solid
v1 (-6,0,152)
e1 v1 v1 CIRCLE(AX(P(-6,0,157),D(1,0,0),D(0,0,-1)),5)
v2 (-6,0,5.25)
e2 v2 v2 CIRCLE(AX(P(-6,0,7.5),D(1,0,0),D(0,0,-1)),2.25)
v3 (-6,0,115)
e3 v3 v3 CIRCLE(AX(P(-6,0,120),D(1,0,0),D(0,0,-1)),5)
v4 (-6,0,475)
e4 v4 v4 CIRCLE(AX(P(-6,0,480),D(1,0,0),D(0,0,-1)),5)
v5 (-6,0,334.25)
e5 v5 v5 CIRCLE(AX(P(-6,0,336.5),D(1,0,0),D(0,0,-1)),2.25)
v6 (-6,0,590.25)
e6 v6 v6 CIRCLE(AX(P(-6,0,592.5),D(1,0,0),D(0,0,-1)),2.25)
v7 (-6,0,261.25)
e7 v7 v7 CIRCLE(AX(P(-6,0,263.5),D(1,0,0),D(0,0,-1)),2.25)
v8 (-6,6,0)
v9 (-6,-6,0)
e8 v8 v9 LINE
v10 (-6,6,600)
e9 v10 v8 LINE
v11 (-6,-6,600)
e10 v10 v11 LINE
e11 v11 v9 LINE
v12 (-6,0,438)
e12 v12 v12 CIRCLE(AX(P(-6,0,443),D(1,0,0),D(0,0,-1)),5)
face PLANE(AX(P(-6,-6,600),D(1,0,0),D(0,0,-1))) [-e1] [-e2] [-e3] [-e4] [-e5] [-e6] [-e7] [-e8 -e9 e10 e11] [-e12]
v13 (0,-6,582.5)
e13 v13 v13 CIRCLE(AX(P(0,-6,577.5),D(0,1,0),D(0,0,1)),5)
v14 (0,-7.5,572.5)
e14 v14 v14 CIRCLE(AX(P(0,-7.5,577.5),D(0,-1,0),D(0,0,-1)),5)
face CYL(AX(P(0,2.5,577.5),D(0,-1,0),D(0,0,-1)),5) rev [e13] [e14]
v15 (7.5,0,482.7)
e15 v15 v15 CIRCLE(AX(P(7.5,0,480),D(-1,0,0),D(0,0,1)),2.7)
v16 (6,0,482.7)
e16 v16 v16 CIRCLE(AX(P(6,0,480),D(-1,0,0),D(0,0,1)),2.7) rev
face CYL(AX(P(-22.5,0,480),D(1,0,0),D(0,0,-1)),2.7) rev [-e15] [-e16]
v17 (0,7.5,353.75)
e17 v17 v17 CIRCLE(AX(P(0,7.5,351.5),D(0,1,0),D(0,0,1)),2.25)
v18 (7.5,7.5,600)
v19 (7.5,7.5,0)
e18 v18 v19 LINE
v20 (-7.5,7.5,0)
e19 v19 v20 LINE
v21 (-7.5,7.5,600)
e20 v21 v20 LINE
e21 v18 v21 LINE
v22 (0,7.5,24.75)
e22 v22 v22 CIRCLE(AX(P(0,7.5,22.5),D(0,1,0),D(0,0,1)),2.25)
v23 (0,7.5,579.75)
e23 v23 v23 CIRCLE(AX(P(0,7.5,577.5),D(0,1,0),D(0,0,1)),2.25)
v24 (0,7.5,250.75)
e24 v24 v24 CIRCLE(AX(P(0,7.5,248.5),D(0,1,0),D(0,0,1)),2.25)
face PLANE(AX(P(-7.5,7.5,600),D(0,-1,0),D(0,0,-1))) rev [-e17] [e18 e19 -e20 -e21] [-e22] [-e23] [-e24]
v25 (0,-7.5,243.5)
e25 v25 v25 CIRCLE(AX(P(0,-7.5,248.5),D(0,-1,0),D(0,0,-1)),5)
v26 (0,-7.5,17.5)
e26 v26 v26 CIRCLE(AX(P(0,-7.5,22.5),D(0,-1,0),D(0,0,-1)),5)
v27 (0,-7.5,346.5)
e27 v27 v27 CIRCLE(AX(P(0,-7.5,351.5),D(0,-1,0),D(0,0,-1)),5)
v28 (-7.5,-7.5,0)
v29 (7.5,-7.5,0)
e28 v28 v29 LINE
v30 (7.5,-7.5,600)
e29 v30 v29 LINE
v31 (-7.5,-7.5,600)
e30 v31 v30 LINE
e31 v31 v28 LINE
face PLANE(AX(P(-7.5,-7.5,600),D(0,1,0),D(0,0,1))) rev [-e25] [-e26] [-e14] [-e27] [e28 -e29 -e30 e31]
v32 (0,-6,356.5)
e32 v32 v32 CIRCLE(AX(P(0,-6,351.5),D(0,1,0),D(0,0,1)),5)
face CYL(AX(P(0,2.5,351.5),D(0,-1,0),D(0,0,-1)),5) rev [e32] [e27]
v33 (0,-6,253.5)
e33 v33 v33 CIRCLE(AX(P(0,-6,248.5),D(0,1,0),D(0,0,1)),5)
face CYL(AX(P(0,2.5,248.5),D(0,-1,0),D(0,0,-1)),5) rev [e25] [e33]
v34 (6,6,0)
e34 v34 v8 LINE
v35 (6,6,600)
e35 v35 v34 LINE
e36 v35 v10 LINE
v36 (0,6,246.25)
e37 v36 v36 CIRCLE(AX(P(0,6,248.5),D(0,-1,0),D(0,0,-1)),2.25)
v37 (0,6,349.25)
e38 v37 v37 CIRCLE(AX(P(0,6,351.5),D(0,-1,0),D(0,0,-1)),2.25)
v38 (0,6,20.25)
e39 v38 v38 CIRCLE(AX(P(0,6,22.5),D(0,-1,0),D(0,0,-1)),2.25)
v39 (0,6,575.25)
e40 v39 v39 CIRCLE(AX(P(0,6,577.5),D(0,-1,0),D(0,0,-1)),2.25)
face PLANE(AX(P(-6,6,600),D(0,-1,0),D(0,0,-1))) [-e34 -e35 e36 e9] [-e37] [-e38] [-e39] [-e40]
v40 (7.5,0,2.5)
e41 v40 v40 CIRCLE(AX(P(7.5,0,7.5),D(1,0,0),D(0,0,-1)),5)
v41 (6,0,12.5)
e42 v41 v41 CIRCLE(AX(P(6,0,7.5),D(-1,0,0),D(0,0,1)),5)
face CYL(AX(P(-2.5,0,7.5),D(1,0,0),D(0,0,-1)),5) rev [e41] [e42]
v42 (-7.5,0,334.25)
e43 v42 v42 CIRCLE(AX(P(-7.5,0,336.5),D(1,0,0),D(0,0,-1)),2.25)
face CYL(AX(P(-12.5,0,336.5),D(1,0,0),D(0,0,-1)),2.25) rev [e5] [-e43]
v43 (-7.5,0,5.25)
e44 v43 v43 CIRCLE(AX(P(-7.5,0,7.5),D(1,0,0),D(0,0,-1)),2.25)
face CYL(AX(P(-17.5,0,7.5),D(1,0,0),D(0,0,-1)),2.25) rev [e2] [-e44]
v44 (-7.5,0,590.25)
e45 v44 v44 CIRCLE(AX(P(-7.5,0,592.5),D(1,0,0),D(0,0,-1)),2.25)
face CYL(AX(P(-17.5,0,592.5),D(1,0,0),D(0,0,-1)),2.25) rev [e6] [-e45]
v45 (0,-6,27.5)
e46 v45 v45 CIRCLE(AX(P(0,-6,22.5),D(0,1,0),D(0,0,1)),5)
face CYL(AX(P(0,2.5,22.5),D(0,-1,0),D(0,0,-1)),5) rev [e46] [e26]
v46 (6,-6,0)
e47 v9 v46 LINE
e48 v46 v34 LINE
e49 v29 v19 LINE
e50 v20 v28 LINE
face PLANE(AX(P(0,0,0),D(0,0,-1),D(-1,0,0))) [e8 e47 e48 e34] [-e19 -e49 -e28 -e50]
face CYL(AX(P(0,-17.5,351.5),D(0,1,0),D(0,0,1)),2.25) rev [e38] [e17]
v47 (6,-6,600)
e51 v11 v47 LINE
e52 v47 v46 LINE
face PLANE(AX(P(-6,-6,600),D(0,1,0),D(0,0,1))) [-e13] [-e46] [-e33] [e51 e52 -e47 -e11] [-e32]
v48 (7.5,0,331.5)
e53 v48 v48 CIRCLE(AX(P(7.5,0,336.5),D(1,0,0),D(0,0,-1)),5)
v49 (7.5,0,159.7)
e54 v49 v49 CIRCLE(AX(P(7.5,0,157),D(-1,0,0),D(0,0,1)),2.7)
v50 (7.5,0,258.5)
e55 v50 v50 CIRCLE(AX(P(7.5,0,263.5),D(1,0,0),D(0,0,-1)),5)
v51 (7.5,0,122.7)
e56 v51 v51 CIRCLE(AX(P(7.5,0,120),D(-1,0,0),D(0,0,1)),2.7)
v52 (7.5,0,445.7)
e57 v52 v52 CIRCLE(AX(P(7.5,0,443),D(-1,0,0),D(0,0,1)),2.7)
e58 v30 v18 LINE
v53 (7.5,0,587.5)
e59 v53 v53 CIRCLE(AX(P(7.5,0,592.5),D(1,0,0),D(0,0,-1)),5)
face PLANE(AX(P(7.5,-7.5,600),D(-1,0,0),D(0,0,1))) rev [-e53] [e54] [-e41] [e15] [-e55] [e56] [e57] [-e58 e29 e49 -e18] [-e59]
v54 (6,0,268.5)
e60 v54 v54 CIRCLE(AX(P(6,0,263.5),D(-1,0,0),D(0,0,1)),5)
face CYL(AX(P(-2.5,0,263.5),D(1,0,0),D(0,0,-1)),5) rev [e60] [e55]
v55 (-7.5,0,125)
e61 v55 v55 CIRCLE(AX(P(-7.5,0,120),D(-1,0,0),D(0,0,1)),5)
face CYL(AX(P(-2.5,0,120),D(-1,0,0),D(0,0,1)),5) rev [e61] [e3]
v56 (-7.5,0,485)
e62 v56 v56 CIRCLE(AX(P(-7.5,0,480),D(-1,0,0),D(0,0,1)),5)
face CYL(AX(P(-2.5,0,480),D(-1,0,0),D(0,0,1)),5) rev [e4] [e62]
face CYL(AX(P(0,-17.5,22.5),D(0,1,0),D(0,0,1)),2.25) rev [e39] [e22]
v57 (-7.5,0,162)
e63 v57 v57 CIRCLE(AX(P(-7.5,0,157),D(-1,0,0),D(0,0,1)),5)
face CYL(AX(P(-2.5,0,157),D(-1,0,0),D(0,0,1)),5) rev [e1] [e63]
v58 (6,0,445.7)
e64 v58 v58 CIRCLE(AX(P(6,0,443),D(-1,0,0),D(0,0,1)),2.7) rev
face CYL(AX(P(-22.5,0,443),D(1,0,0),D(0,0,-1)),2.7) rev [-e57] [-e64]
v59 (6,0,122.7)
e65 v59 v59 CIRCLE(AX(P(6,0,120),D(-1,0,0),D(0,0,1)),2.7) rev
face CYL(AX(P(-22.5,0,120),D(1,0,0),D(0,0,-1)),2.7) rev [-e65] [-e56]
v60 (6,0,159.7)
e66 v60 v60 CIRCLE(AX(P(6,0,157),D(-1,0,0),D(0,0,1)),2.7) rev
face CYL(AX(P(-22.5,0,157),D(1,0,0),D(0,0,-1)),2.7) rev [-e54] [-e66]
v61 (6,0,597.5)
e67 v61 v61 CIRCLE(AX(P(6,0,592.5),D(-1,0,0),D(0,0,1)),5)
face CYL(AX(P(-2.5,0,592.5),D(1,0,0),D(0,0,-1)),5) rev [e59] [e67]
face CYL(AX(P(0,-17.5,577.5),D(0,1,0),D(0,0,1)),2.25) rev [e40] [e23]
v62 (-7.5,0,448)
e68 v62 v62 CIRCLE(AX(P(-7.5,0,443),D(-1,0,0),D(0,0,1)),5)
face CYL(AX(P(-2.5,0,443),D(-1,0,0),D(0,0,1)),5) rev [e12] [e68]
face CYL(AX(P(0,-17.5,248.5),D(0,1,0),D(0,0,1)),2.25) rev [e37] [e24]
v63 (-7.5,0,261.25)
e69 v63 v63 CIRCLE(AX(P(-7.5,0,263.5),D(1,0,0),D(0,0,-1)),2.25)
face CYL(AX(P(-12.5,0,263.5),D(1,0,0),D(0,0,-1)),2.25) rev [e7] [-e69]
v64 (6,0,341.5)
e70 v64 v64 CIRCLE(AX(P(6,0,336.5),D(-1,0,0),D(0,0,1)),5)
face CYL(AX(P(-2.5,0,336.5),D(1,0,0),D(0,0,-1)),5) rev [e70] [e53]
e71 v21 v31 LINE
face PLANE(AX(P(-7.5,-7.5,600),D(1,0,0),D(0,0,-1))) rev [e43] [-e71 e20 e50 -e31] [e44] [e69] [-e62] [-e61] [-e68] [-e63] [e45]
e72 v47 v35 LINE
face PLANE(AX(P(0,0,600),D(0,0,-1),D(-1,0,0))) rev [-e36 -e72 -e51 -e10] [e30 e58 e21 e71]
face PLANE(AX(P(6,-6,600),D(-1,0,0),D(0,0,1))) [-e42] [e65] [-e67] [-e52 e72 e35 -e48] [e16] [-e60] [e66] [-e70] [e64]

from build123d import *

# Parameters (mm, degrees)
SKETCH_1_W           = 15
SKETCH_1_H           = 15
SKETCH_1_W_2         = 12
SKETCH_1_H_2         = 12
EXTRUDE_1_DEPTH      = 600
SKETCH_2_R           = 2.25
CUT_EXTRUDE_1_DEPTH  = 25
SKETCH_3_R           = 2.25
CUT_EXTRUDE_2_DEPTH  = 25
SKETCH_4_R           = 2.25
CUT_EXTRUDE_3_DEPTH  = 20
SKETCH_5_R           = 5
CUT_EXTRUDE_4_DEPTH  = 10
SKETCH_6_R           = 5
CUT_EXTRUDE_5_DEPTH  = 10
SKETCH_7_R           = 2.7
CUT_EXTRUDE_10_DEPTH = 30
SKETCH_8_R           = 5
CUT_EXTRUDE_11_DEPTH = 5


with BuildPart() as part:
    # ｽｹｯﾁ1 → ﾎﾞｽ - 押し出し1 (new body)
    with BuildSketch(Plane.XY):
        Rectangle(SKETCH_1_W, SKETCH_1_H)
        Rectangle(SKETCH_1_W_2, SKETCH_1_H_2, mode=Mode.SUBTRACT)
    extrude(amount=EXTRUDE_1_DEPTH)

    # ｽｹｯﾁ2 → ｶｯﾄ - 押し出し1 (cut)
    with BuildSketch(Plane(origin=(7.5, 0, 0), x_dir=(0, 0, -1), z_dir=(1, 0, 0))):
        with Locations((-592.5, 0)):
            Circle(SKETCH_2_R)
        with Locations((-7.5, 0)):
            Circle(SKETCH_2_R)
    extrude(amount=-CUT_EXTRUDE_1_DEPTH, mode=Mode.SUBTRACT)

    # ｽｹｯﾁ3 → ｶｯﾄ - 押し出し2 (cut)
    with BuildSketch(Plane(origin=(0, 7.5, 0), x_dir=(1, 0, 0), z_dir=(0, 1, 0))):
        with Locations((0, -22.5)):
            Circle(SKETCH_3_R)
        with Locations((0, -577.5)):
            Circle(SKETCH_3_R)
        with Locations((0, -248.5)):
            Circle(SKETCH_3_R)
        with Locations((0, -351.5)):
            Circle(SKETCH_3_R)
    extrude(amount=-CUT_EXTRUDE_2_DEPTH, mode=Mode.SUBTRACT)

    # ｽｹｯﾁ4 → ｶｯﾄ - 押し出し3 (cut)
    with BuildSketch(Plane(origin=(7.5, 0, 0), x_dir=(0, 0, -1), z_dir=(1, 0, 0))):
        with Locations((-336.5, 0)):
            Circle(SKETCH_4_R)
        with Locations((-263.5, 0)):
            Circle(SKETCH_4_R)
    extrude(amount=-CUT_EXTRUDE_3_DEPTH, mode=Mode.SUBTRACT)

    # ｽｹｯﾁ5 → ｶｯﾄ - 押し出し4 (cut)
    with BuildSketch(Plane(origin=(7.5, 0, 0), x_dir=(0, 0, -1), z_dir=(1, 0, 0))):
        with Locations((-592.5, 0)):
            Circle(SKETCH_5_R)
        with Locations((-336.5, 0)):
            Circle(SKETCH_5_R)
        with Locations((-263.5, 0)):
            Circle(SKETCH_5_R)
        with Locations((-7.5, 0)):
            Circle(SKETCH_5_R)
    extrude(amount=-CUT_EXTRUDE_4_DEPTH, mode=Mode.SUBTRACT)

    # ｽｹｯﾁ6 → ｶｯﾄ - 押し出し5 (cut)
    with BuildSketch(Plane(origin=(0, -7.5, 0), x_dir=(-1, 0, 0), z_dir=(0, -1, 0))):
        with Locations((0, -577.5)):
            Circle(SKETCH_6_R)
        with Locations((0, -22.5)):
            Circle(SKETCH_6_R)
        with Locations((0, -248.5)):
            Circle(SKETCH_6_R)
        with Locations((0, -351.5)):
            Circle(SKETCH_6_R)
    extrude(amount=-CUT_EXTRUDE_5_DEPTH, mode=Mode.SUBTRACT)

    # ｽｹｯﾁ7 → ｶｯﾄ - 押し出し10 (cut)
    with BuildSketch(Plane(origin=(7.5, 0, 0), x_dir=(0, 1, 0), z_dir=(-1, 0, 0))):
        with Locations((0, -120)):
            Circle(SKETCH_7_R)
        with Locations((0, -157)):
            Circle(SKETCH_7_R)
        with Locations((0, -443)):
            Circle(SKETCH_7_R)
        with Locations((0, -480)):
            Circle(SKETCH_7_R)
    extrude(amount=CUT_EXTRUDE_10_DEPTH, mode=Mode.SUBTRACT)

    # ｽｹｯﾁ8 → ｶｯﾄ - 押し出し11 (cut)
    with BuildSketch(Plane.ZY.offset(7.5)):
        with Locations((120, 0)):
            Circle(SKETCH_8_R)
        with Locations((157, 0)):
            Circle(SKETCH_8_R)
        with Locations((443, 0)):
            Circle(SKETCH_8_R)
        with Locations((480, 0)):
            Circle(SKETCH_8_R)
    extrude(amount=-CUT_EXTRUDE_11_DEPTH, mode=Mode.SUBTRACT)


solid = part.part
